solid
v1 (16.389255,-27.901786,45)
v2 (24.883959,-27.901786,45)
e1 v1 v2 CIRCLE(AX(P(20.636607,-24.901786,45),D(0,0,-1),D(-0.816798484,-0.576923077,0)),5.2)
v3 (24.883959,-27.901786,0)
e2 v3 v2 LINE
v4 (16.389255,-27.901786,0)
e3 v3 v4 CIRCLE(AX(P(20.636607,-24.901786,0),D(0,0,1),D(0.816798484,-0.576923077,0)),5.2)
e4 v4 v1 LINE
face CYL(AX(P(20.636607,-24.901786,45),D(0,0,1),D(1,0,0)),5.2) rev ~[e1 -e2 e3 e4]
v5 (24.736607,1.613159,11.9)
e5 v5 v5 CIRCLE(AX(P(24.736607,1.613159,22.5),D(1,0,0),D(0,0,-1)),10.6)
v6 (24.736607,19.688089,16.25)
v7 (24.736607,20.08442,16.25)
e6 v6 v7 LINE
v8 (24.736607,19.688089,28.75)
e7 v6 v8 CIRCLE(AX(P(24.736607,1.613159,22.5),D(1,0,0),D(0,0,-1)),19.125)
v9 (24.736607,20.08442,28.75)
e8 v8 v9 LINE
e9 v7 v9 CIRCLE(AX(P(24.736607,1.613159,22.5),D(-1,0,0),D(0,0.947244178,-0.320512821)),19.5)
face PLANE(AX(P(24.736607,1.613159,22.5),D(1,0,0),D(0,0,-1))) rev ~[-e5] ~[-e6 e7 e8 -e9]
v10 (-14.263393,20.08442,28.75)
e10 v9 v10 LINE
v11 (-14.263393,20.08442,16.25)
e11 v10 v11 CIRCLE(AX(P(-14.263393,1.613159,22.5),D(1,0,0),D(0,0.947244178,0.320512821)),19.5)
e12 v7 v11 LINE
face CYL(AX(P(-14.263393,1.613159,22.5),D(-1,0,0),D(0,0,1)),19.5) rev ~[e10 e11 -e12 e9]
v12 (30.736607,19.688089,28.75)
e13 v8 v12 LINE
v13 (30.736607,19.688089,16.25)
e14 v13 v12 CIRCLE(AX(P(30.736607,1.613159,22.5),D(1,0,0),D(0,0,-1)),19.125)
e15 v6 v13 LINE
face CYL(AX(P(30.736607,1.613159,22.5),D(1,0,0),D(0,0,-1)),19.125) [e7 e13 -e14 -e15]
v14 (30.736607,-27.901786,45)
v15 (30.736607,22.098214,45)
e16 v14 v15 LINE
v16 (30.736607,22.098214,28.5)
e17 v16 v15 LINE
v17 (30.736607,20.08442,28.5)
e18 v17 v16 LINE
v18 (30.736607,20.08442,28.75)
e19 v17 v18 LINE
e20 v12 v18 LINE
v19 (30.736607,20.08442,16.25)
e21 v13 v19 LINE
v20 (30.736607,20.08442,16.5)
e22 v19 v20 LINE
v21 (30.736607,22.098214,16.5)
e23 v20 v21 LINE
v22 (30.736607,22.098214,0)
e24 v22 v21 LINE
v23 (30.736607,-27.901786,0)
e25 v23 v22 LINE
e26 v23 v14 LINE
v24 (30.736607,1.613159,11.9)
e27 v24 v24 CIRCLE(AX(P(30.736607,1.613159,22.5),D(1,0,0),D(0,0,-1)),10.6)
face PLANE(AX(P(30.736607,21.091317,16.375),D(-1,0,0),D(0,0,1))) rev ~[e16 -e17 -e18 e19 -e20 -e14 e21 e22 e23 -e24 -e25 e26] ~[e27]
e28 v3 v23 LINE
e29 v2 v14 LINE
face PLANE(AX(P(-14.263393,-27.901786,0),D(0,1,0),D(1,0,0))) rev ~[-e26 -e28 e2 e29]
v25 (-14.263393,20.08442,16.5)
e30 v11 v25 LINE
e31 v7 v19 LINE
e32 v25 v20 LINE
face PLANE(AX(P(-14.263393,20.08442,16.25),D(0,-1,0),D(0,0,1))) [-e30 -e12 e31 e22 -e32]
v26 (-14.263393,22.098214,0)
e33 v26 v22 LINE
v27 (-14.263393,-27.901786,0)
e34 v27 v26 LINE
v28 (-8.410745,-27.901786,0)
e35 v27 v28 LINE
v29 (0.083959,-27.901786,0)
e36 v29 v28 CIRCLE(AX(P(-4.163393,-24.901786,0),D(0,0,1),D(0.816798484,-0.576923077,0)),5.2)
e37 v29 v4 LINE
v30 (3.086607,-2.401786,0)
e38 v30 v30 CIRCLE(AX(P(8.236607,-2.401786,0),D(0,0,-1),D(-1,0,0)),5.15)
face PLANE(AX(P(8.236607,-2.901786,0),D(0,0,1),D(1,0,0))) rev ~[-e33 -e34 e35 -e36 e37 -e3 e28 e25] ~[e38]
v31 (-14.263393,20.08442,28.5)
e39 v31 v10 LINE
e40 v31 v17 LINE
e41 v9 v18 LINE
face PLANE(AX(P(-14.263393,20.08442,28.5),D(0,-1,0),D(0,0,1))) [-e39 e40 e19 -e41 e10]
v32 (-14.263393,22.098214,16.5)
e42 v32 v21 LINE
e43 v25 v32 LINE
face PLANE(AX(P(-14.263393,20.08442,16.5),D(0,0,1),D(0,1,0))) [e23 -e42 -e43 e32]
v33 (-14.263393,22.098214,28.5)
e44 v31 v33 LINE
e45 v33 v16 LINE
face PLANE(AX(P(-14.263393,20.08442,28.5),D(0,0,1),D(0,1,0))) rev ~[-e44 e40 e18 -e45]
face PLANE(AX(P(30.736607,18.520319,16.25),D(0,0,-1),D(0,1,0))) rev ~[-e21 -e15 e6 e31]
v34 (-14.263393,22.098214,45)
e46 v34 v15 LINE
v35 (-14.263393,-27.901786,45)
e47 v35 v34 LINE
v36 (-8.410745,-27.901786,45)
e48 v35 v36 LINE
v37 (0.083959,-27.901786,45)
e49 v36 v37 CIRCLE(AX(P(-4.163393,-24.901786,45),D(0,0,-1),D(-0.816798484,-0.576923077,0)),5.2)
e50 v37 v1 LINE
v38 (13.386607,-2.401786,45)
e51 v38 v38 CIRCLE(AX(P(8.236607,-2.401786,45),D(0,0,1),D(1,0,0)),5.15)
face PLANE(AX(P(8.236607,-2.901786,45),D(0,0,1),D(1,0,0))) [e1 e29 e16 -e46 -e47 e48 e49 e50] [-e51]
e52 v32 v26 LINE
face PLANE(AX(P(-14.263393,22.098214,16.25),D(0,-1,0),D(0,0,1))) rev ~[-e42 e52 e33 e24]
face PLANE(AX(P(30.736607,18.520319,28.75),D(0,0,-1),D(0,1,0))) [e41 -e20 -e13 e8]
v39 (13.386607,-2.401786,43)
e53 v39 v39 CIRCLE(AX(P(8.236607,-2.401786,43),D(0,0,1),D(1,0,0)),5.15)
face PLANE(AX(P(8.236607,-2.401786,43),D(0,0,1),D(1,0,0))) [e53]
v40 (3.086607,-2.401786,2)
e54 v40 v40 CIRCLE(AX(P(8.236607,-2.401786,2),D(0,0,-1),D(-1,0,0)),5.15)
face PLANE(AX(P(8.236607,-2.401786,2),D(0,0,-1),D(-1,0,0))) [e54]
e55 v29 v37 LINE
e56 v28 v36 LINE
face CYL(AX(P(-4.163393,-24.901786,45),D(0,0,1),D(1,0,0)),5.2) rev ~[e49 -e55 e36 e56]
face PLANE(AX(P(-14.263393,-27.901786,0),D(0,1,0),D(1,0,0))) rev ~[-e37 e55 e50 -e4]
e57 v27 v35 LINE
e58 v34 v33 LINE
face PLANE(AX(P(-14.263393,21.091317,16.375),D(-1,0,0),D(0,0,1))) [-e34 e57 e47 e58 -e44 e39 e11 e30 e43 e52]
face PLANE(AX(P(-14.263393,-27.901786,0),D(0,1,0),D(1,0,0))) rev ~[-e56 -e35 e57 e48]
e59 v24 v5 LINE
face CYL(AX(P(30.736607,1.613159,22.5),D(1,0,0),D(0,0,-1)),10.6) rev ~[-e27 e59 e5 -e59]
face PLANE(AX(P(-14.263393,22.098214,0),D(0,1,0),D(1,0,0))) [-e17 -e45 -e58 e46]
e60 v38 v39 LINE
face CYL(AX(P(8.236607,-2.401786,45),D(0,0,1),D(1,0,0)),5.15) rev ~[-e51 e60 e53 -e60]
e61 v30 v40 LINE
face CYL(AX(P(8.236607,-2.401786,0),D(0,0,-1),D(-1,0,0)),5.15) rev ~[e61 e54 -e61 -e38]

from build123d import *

# Parameters (mm, degrees)
SKETCH1_W           = 45
SKETCH1_H           = 50
BOSS_EXTRUDE1_DEPTH = 45
SKETCH2_R           = 5.2
CUT_EXTRUDE1_DEPTH  = 45
SKETCH3_R           = 19.125
CUT_EXTRUDE2_DEPTH  = 45
SKETCH4_W           = 12.5
SKETCH4_H           = 4.851403087
CUT_EXTRUDE3_DEPTH  = 45
SKETCH5_R           = 19.125
BOSS_EXTRUDE2_DEPTH = 6
SKETCH6_R           = 10.6
CUT_EXTRUDE4_DEPTH  = 6
SKETCH7_R           = 19.5
CUT_EXTRUDE5_DEPTH  = 39
SKETCH8_W           = 0.25
SKETCH8_H           = 2.013794316
BOSS_EXTRUDE3_DEPTH = 45
SKETCH9_R           = 5.15
CUT_EXTRUDE6_DEPTH  = 2
SKETCH10_R          = 5.15
CUT_EXTRUDE7_DEPTH  = 2


with BuildPart() as part:
    # Sketch1 → Boss-Extrude1 (new body)
    with BuildSketch(Plane.XY):
        with Locations((8.236607143, -2.901785714)):
            Rectangle(SKETCH1_W, SKETCH1_H)
    extrude(amount=BOSS_EXTRUDE1_DEPTH)

    # Sketch2 → Cut-Extrude1 (cut)
    with BuildSketch(Plane.XY.offset(45)):
        with Locations((-4.163392857, -24.901785714)):
            Circle(SKETCH2_R)
        with Locations((20.636607143, -24.901785714)):
            Circle(SKETCH2_R)
    extrude(amount=-CUT_EXTRUDE1_DEPTH, mode=Mode.SUBTRACT)

    # Sketch3 → Cut-Extrude2 (cut)
    with BuildSketch(Plane(origin=(30.736607143, 0, 0), x_dir=(0, 0, -1), z_dir=(1, 0, 0))):
        with Locations((-22.5, 1.613158508)):
            Circle(SKETCH3_R)
    extrude(amount=-CUT_EXTRUDE2_DEPTH, mode=Mode.SUBTRACT)

    # Sketch4 → Cut-Extrude3 (cut)
    with BuildSketch(Plane(origin=(30.736607143, 0, 0), x_dir=(0, 0, -1), z_dir=(1, 0, 0))):
        with Locations((-22.5, 20.946020309)):
            Rectangle(SKETCH4_W, SKETCH4_H)
    extrude(amount=-CUT_EXTRUDE3_DEPTH, mode=Mode.SUBTRACT)

    # Sketch5 → Boss-Extrude2 (add)
    with BuildSketch(Plane(origin=(30.736607143, 0, 0), x_dir=(0, 0, -1), z_dir=(1, 0, 0))):
        with Locations((-22.5, 1.613158508)):
            Circle(SKETCH5_R)
    extrude(amount=-BOSS_EXTRUDE2_DEPTH)

    # Sketch6 → Cut-Extrude4 (cut)
    with BuildSketch(Plane(origin=(30.736607143, 0, 0), x_dir=(0, 0, -1), z_dir=(1, 0, 0))):
        with Locations((-22.5, 1.613158508)):
            Circle(SKETCH6_R)
    extrude(amount=-CUT_EXTRUDE4_DEPTH, mode=Mode.SUBTRACT)

    # Sketch7 → Cut-Extrude5 (cut)
    with BuildSketch(Plane.ZY.offset(14.263392857)):
        with Locations((22.5, 1.613158508)):
            Circle(SKETCH7_R)
    extrude(amount=-CUT_EXTRUDE5_DEPTH, mode=Mode.SUBTRACT)

    # Sketch8 → Boss-Extrude3 (add)
    with BuildSketch(Plane.ZY.offset(14.263392857)):
        with Locations((16.375, 21.091317128)):
            Rectangle(SKETCH8_W, SKETCH8_H)
        with Locations((28.625, 21.091317128)):
            Rectangle(SKETCH8_W, SKETCH8_H)
    extrude(amount=-BOSS_EXTRUDE3_DEPTH)

    # Sketch9 → Cut-Extrude6 (cut)
    with BuildSketch(Plane.XY.offset(45)):
        with Locations((8.236607143, -2.401785714)):
            Circle(SKETCH9_R)
    extrude(amount=-CUT_EXTRUDE6_DEPTH, mode=Mode.SUBTRACT)

    # Sketch10 → Cut-Extrude7 (cut)
    with BuildSketch(Plane(origin=(0, 0, 0), x_dir=(-1, 0, 0), z_dir=(0, 0, -1))):
        with Locations((-8.236607143, -2.401785714)):
            Circle(SKETCH10_R)
    extrude(amount=-CUT_EXTRUDE7_DEPTH, mode=Mode.SUBTRACT)


solid = part.part
